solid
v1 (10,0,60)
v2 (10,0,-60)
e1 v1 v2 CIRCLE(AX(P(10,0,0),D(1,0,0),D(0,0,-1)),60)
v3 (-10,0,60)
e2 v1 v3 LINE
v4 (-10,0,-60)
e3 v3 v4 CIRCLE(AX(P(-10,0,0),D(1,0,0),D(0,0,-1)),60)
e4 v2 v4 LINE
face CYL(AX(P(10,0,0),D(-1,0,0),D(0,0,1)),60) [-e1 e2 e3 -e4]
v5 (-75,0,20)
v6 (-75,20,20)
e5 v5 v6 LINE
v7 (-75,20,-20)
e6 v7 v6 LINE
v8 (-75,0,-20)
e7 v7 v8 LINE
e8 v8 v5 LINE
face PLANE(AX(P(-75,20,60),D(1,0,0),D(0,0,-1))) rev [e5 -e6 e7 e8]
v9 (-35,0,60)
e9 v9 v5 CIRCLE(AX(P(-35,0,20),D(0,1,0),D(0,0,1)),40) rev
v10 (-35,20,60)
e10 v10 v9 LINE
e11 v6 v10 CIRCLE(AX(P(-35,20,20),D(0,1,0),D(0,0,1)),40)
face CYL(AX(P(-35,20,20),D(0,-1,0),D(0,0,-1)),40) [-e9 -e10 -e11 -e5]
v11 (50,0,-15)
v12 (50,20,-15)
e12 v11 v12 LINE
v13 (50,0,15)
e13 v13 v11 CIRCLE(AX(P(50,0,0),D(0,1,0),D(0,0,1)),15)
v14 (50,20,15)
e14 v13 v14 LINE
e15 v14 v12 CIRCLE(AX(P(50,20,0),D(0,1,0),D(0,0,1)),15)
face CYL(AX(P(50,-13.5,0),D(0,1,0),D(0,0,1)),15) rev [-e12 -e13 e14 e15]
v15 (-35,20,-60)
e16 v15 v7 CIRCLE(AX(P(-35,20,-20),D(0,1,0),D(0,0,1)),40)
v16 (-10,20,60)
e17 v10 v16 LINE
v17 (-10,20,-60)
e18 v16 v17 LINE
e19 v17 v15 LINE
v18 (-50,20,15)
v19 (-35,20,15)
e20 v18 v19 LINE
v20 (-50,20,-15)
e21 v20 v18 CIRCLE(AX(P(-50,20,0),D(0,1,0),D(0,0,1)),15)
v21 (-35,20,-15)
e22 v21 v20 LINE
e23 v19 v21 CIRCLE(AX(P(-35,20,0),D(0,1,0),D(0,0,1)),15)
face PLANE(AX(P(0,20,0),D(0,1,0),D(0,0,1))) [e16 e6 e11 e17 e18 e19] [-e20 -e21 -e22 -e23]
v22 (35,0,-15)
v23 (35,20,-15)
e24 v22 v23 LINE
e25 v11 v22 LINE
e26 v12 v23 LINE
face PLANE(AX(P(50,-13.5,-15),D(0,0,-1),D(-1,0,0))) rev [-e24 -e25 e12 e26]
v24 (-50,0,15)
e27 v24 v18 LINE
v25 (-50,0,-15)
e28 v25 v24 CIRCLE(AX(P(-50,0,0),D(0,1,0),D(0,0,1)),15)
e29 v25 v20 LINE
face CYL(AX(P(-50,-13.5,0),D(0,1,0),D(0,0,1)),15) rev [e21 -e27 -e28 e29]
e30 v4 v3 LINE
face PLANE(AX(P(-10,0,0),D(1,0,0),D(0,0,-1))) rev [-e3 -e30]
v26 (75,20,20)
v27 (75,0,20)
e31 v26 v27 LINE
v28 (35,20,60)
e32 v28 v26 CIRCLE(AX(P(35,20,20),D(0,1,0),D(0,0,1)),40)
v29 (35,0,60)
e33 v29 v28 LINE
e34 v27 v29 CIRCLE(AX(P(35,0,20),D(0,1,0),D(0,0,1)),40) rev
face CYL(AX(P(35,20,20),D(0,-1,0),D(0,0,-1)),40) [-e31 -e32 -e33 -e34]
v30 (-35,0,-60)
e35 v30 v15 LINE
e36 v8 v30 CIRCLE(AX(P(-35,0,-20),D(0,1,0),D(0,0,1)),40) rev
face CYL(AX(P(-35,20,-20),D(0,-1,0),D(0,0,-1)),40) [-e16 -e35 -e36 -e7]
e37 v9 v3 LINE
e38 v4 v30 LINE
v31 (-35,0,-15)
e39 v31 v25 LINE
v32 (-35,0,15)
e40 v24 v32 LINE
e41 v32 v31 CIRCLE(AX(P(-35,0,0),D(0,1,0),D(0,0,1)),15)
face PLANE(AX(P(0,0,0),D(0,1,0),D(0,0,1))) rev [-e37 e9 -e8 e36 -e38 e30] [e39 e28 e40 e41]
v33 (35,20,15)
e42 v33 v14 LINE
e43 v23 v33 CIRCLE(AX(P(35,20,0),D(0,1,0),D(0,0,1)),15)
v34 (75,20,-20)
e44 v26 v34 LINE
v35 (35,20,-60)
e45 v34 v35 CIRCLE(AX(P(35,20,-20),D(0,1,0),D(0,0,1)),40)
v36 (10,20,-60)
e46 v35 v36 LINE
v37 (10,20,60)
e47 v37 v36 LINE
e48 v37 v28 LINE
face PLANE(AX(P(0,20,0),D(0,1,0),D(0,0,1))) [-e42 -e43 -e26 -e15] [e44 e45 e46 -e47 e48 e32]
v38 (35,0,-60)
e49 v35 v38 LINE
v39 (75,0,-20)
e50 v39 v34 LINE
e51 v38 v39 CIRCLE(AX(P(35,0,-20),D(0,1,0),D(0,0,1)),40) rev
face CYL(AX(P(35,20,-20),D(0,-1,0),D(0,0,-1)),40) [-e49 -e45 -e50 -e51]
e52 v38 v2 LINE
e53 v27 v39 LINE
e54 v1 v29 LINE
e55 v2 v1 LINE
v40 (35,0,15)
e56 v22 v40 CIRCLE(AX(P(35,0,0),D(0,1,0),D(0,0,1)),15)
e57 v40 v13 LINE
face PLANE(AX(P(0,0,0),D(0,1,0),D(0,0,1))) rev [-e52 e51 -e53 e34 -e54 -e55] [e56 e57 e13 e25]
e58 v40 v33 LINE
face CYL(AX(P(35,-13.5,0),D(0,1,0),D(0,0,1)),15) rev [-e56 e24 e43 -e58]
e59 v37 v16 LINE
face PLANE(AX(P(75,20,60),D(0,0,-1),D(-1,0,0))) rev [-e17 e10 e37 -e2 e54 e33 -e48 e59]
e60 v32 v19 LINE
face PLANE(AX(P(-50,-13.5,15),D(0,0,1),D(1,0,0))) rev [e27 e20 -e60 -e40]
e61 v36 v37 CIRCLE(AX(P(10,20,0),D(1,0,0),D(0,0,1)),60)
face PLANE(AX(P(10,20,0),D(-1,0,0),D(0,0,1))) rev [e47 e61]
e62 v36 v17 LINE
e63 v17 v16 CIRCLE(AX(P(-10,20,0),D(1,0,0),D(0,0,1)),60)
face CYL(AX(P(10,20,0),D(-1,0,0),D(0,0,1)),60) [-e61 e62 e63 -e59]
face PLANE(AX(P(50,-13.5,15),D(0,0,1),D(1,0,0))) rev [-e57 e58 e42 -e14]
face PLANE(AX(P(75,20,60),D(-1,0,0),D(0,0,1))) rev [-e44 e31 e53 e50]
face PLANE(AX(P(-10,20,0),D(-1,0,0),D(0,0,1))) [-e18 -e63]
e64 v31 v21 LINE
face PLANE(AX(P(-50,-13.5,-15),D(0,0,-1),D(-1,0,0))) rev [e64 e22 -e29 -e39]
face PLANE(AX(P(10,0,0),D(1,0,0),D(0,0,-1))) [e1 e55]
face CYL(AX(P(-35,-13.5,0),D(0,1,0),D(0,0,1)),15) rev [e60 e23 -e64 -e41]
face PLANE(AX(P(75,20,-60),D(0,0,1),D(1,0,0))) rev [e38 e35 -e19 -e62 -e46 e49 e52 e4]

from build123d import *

# Parameters (mm, degrees)
CROQUIS1_W              = 150
CROQUIS1_H              = 120
SALIENTE_EXTRUIR1_DEPTH = 20
REDONDEO1_R             = 40
SALIENTE_EXTRUIR3_DEPTH = 10
CORTAR_EXTRUIR1_DEPTH   = 33.5


with BuildPart() as part:
    # Croquis1 → Saliente-Extruir1 (new body)
    with BuildSketch(Plane(origin=(0, 0, 0), x_dir=(1, 0, 0), z_dir=(0, 1, 0))):
        Rectangle(CROQUIS1_W, CROQUIS1_H)
    extrude(amount=SALIENTE_EXTRUIR1_DEPTH)

    # Redondeo1
    redondeo1_edges = [part.edges().sort_by_distance(p)[0] for p in [
        (-75, 10, -60),
        (75, 10, -60),
        (75, 10, 60),
        (-75, 10, 60),
    ]]
    fillet(redondeo1_edges, radius=REDONDEO1_R)

    # Croquis3 → Saliente-Extruir3 (add, symmetric)
    with BuildSketch(Plane(origin=(0, 0, 0), x_dir=(0, 0, -1), z_dir=(1, 0, 0))):
        with BuildLine():
            Line((-60, 20), (60, 20))
            ThreePointArc((60, 20), (0, 80), (-60, 20))
        make_face()
        with BuildLine():
            Line((60, 0), (-60, 0))
            ThreePointArc((-60, 0), (0, -60), (60, 0))
        make_face()
    extrude(amount=SALIENTE_EXTRUIR3_DEPTH, both=True)

    # Croquis4 → Cortar-Extruir1 (cut, symmetric)
    with BuildSketch(Plane(origin=(0, 20, 0), x_dir=(1, 0, 0), z_dir=(0, 1, 0))):
        with BuildLine():
            Line((-50, 15), (-35, 15))
            ThreePointArc((-35, 15), (-20, 0), (-35, -15))
            Line((-35, -15), (-50, -15))
            ThreePointArc((-50, -15), (-65, 0), (-50, 15))
        make_face()
        with BuildLine():
            Line((50, -15), (35, -15))
            ThreePointArc((35, -15), (20, 0), (35, 15))
            Line((35, 15), (50, 15))
            ThreePointArc((50, 15), (65, 0), (50, -15))
        make_face()
    extrude(amount=CORTAR_EXTRUIR1_DEPTH, both=True, mode=Mode.SUBTRACT)


solid = part.part
